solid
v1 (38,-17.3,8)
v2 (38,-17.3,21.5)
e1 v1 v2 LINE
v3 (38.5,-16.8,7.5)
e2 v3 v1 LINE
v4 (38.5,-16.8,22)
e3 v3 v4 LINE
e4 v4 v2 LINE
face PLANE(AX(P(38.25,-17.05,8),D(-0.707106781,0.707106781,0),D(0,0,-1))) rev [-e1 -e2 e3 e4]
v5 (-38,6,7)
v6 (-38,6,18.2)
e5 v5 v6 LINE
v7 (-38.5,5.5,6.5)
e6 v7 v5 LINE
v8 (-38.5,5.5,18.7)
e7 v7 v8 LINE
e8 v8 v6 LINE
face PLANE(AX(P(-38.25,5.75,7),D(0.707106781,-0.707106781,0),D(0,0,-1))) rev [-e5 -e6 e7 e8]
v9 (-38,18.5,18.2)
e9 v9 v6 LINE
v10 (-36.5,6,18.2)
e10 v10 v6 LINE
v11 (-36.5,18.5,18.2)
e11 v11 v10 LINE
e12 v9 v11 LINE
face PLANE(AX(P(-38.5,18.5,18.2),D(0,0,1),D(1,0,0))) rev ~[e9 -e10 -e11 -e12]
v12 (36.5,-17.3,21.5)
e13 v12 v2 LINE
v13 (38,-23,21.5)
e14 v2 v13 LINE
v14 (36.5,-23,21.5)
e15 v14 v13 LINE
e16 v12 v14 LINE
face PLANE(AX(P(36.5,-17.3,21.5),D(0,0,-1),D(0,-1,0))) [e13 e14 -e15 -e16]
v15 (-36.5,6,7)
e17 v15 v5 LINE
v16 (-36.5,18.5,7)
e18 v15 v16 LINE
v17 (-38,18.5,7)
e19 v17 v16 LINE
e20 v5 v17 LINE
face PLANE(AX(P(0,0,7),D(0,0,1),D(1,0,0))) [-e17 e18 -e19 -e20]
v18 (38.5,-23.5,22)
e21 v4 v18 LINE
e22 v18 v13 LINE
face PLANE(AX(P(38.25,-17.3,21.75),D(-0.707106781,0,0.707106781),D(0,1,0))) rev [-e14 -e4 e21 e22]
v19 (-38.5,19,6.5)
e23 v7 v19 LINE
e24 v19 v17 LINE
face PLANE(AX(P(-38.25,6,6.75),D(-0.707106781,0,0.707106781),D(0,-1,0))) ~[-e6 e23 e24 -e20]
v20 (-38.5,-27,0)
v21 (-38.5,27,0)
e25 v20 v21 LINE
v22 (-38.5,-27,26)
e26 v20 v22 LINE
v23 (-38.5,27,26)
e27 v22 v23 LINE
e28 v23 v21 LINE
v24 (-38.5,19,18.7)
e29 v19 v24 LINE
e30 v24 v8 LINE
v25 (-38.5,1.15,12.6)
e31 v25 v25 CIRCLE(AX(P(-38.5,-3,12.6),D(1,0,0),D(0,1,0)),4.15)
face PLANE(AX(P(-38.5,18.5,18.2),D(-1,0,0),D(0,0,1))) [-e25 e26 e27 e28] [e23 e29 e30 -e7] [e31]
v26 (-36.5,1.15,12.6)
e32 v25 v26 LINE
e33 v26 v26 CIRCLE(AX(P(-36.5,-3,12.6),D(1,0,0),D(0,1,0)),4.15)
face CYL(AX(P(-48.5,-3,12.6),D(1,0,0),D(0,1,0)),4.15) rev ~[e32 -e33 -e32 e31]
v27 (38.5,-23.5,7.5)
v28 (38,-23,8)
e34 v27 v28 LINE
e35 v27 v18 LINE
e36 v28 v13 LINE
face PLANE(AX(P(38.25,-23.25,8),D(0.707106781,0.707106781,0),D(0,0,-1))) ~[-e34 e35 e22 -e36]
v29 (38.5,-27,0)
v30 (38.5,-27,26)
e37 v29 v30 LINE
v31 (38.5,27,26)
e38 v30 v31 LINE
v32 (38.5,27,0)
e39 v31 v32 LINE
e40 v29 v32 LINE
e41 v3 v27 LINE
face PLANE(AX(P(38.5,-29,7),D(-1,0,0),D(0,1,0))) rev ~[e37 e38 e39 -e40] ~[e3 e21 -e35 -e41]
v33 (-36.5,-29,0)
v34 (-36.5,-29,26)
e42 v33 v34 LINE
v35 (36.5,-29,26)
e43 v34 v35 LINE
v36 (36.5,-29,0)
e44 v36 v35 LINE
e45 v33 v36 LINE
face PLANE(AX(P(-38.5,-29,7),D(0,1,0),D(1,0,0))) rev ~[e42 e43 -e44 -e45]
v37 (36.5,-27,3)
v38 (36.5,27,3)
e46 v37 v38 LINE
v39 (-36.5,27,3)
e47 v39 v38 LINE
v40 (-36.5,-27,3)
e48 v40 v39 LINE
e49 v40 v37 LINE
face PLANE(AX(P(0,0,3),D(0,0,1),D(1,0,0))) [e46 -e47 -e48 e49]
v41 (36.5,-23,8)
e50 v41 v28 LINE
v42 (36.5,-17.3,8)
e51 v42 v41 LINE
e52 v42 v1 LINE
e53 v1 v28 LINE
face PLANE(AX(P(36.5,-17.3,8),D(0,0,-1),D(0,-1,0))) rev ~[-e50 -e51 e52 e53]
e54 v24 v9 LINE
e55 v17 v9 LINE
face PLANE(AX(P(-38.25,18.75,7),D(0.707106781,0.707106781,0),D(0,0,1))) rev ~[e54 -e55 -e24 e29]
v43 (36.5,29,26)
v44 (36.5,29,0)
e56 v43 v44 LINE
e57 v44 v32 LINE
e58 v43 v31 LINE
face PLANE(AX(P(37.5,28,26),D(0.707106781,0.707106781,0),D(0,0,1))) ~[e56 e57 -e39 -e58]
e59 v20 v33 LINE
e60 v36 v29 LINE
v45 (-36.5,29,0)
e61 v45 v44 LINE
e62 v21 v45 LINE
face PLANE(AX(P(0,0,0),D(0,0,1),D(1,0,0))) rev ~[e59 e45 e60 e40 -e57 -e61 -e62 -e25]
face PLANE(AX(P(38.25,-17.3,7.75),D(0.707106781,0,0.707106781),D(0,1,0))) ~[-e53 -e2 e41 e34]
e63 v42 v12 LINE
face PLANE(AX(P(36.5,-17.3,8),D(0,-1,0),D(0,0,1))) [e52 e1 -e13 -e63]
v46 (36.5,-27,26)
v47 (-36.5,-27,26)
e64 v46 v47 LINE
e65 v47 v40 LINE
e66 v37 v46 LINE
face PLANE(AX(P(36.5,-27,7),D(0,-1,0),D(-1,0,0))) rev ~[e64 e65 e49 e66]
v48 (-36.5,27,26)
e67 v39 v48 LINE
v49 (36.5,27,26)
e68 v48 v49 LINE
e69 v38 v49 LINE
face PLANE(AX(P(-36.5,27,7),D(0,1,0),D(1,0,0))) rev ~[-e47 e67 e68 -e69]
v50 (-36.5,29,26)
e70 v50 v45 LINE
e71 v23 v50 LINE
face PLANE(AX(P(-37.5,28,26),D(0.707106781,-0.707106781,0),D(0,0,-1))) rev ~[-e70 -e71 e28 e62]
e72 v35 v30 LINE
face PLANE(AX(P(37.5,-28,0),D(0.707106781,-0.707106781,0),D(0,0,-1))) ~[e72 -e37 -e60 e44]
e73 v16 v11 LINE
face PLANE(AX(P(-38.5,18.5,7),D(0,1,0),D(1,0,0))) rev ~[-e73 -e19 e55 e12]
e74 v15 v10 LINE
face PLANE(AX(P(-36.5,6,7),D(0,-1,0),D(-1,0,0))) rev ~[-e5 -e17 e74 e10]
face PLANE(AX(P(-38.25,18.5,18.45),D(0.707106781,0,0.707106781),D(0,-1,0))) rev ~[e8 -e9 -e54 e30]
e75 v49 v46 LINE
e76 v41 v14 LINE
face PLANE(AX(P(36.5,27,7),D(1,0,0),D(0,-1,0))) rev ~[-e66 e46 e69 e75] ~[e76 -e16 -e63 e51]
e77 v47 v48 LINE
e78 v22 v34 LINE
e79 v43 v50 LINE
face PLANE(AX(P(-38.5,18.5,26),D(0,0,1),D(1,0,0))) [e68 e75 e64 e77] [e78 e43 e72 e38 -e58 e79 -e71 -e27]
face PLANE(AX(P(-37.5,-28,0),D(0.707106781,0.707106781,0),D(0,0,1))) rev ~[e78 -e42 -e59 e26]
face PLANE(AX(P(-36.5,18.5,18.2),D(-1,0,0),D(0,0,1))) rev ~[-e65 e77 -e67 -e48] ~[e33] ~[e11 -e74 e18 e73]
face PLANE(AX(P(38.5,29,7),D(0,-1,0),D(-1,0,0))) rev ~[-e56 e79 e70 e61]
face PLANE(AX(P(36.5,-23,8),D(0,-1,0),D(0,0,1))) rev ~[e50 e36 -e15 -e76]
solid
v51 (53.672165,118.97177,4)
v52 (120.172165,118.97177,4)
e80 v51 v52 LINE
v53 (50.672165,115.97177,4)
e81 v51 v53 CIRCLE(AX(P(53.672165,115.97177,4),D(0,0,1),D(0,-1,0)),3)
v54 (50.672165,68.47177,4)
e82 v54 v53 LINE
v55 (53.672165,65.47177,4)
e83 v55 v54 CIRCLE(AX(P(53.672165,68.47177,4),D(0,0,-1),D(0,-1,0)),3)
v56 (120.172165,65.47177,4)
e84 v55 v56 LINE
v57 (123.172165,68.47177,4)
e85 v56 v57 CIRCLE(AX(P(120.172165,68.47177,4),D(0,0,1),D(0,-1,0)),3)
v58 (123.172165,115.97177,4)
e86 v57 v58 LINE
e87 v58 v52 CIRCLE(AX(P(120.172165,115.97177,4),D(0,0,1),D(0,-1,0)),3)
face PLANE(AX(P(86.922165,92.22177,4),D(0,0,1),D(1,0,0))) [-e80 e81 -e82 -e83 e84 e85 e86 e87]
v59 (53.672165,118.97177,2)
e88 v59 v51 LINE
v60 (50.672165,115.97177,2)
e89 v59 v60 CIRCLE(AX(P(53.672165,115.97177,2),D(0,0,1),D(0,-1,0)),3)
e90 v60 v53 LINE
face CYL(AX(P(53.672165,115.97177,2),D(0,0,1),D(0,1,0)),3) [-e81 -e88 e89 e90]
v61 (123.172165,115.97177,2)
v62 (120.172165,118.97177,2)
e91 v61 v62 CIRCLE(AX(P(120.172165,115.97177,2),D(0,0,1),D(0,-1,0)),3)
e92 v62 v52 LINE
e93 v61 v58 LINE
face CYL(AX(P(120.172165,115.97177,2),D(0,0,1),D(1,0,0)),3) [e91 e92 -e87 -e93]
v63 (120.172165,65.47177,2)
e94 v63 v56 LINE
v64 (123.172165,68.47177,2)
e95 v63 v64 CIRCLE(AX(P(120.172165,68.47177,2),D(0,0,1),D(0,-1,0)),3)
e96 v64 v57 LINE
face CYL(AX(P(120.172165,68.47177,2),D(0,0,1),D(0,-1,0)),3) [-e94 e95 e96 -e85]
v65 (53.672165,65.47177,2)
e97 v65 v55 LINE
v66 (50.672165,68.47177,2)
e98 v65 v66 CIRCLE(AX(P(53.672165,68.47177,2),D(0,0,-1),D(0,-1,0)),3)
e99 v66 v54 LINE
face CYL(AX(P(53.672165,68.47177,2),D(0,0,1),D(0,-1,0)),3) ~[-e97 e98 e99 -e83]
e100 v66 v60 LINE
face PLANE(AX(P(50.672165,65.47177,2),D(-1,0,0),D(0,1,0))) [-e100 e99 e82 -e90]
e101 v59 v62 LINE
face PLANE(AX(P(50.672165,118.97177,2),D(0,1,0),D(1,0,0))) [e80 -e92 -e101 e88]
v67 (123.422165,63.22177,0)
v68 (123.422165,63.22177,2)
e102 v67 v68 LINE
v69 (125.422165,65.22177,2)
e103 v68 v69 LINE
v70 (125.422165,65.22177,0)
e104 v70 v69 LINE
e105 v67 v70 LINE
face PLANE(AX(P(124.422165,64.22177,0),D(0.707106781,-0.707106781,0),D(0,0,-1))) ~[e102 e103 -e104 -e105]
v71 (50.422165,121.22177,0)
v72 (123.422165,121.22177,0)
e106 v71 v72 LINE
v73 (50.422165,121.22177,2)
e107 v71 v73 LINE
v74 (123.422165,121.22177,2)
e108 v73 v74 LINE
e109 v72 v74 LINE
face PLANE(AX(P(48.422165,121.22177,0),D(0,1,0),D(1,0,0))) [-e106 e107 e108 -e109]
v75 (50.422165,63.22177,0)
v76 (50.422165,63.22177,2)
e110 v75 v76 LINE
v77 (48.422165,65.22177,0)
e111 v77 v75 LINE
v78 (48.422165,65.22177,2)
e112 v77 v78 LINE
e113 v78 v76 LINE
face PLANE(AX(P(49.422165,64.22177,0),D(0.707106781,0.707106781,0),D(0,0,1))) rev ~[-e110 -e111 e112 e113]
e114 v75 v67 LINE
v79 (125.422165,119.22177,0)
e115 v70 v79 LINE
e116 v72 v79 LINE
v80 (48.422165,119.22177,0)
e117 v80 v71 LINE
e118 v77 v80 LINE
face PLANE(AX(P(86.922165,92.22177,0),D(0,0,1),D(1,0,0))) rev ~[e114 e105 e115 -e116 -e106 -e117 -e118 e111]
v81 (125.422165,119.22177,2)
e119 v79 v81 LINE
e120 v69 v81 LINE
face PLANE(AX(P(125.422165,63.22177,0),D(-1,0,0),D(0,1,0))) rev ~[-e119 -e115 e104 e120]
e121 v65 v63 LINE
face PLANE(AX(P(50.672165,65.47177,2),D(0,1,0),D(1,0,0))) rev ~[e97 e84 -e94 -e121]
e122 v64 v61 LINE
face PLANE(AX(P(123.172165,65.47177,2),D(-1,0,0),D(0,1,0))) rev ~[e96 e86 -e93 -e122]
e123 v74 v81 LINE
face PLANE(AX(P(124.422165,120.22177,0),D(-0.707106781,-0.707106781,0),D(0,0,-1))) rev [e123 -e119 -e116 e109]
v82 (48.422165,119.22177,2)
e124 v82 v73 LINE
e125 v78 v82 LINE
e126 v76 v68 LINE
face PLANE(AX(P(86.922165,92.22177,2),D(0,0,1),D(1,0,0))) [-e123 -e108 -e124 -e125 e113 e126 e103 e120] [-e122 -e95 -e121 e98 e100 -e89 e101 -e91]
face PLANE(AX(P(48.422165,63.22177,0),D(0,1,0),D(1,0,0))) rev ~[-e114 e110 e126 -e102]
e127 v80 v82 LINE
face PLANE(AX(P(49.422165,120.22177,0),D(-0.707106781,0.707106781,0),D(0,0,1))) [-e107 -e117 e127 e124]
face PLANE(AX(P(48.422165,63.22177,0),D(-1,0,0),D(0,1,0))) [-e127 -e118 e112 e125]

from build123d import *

# Parameters (mm, degrees)
F0_W      = 77
F0_H      = 58
F1_DEPTH  = 3
F2_W      = 77
F2_H      = 58
F2_W_2    = 73
F2_H_2    = 54
F3_DEPTH  = 4
F5_DEPTH  = 19
F6_W      = 2
F6_H      = 7.8
F7_DEPTH  = 25
F9_D      = 8.3
F9_DEPTH  = 10
F9_TIP    = 2.493571569
F10_W     = 5.7
F10_H     = 13.5
F11_DEPTH = 25
F12_SIZE  = 2
F13_SIZE  = 0.5
F14_SIZE  = 0.5
F15_W     = 77
F15_H     = 58
F16_DEPTH = 2
F17_W     = 72.5
F17_H     = 53.5
F18_DEPTH = 2
F19_R     = 3
F20_SIZE  = 2


with BuildPart() as f1:
    # F0 (on Top) → F1 (new body)
    with BuildSketch(Plane.XY):
        Rectangle(F0_W, F0_H)
    extrude(amount=F1_DEPTH)

    # F2 (on face) → F3 (join)
    with BuildSketch(Plane.XY.offset(3)):
        Rectangle(F2_W, F2_H)
        Rectangle(F2_W_2, F2_H_2, mode=Mode.SUBTRACT)
    extrude(amount=F3_DEPTH)

    # F4 (on face) → F5 (join)
    with BuildSketch(Plane.XY.offset(7)):
        Polygon((-38.5, 18.5), (-36.5, 18.5), (-36.5, 27), (36.5, 27), (36.5, -27), (-36.5, -27), (-36.5, 6), (-38.5, 6), (-38.5, -29), (38.5, -29), (38.5, 29), (-38.5, 29), align=None)
    extrude(amount=F5_DEPTH)

    # F6 (on face) → F7 (join)
    with BuildSketch(Plane.XZ.offset(-18.5)):
        with Locations((-37.5, 22.1)):
            Rectangle(F6_W, F6_H)
    extrude(amount=F7_DEPTH)

    # F9
    with Locations(Plane(origin=(-38.5, 0, 0), x_dir=(0, -1, 0), z_dir=(-1, 0, 0))):
        with Locations((3, 12.6)):
            Hole(F9_D / 2, depth=F9_DEPTH)
            with Locations((0, 0, -(F9_DEPTH + F9_TIP / 2))):  # 118° drill point
                Cone(0, F9_D / 2, F9_TIP, mode=Mode.SUBTRACT)

    # F10 (on face) → F11 (cut)
    with BuildSketch(Plane(origin=(36.5, 0, 0), x_dir=(0, -1, 0), z_dir=(-1, 0, 0))):
        with Locations((20.15, 14.75)):
            Rectangle(F10_W, F10_H)
    extrude(amount=-F11_DEPTH, mode=Mode.SUBTRACT)

    # F12
    f12_edges = [f1.edges().sort_by_distance(p)[0] for p in [
        (-38.5, -29, 13),
        (38.5, -29, 13),
        (38.5, 29, 13),
        (-38.5, 29, 13),
    ]]
    chamfer(f12_edges, length=F12_SIZE)

    # F13
    f13_edges = [f1.edges().sort_by_distance(p)[0] for p in [
        (38.5, -17.3, 14.75),
        (38.5, -20.15, 21.5),
        (38.5, -23, 14.75),
        (38.5, -20.15, 8),
    ]]
    chamfer(f13_edges, length=F13_SIZE)

    # F14
    f14_edges = [f1.edges().sort_by_distance(p)[0] for p in [
        (-38.5, 18.5, 12.6),
        (-38.5, 12.25, 18.2),
        (-38.5, 6, 12.6),
        (-38.5, 12.25, 7),
    ]]
    chamfer(f14_edges, length=F14_SIZE)


with BuildPart() as f16:
    # F15 (on Top) → F16 (new body)
    with BuildSketch(Plane.XY):
        with Locations((86.9221650064, 92.2217702333)):
            Rectangle(F15_W, F15_H)
    extrude(amount=F16_DEPTH)

    # F17 (on face) → F18 (join)
    with BuildSketch(Plane.XY.offset(2)):
        with Locations((86.9221650064, 92.2217702333)):
            Rectangle(F17_W, F17_H)
    extrude(amount=F18_DEPTH)

    # F19
    f19_edges = [f16.edges().sort_by_distance(p)[0] for p in [
        (123.172165, 65.47177, 3),
        (50.672165, 65.47177, 3),
        (50.672165, 118.97177, 3),
        (123.172165, 118.97177, 3),
    ]]
    fillet(f19_edges, radius=F19_R)

    # F20
    f20_edges = [f16.edges().sort_by_distance(p)[0] for p in [
        (48.422165, 121.22177, 1),
        (125.422165, 121.22177, 1),
        (125.422165, 63.22177, 1),
        (48.422165, 63.22177, 1),
    ]]
    chamfer(f20_edges, length=F20_SIZE)


solid = Compound([f1.part, f16.part])
